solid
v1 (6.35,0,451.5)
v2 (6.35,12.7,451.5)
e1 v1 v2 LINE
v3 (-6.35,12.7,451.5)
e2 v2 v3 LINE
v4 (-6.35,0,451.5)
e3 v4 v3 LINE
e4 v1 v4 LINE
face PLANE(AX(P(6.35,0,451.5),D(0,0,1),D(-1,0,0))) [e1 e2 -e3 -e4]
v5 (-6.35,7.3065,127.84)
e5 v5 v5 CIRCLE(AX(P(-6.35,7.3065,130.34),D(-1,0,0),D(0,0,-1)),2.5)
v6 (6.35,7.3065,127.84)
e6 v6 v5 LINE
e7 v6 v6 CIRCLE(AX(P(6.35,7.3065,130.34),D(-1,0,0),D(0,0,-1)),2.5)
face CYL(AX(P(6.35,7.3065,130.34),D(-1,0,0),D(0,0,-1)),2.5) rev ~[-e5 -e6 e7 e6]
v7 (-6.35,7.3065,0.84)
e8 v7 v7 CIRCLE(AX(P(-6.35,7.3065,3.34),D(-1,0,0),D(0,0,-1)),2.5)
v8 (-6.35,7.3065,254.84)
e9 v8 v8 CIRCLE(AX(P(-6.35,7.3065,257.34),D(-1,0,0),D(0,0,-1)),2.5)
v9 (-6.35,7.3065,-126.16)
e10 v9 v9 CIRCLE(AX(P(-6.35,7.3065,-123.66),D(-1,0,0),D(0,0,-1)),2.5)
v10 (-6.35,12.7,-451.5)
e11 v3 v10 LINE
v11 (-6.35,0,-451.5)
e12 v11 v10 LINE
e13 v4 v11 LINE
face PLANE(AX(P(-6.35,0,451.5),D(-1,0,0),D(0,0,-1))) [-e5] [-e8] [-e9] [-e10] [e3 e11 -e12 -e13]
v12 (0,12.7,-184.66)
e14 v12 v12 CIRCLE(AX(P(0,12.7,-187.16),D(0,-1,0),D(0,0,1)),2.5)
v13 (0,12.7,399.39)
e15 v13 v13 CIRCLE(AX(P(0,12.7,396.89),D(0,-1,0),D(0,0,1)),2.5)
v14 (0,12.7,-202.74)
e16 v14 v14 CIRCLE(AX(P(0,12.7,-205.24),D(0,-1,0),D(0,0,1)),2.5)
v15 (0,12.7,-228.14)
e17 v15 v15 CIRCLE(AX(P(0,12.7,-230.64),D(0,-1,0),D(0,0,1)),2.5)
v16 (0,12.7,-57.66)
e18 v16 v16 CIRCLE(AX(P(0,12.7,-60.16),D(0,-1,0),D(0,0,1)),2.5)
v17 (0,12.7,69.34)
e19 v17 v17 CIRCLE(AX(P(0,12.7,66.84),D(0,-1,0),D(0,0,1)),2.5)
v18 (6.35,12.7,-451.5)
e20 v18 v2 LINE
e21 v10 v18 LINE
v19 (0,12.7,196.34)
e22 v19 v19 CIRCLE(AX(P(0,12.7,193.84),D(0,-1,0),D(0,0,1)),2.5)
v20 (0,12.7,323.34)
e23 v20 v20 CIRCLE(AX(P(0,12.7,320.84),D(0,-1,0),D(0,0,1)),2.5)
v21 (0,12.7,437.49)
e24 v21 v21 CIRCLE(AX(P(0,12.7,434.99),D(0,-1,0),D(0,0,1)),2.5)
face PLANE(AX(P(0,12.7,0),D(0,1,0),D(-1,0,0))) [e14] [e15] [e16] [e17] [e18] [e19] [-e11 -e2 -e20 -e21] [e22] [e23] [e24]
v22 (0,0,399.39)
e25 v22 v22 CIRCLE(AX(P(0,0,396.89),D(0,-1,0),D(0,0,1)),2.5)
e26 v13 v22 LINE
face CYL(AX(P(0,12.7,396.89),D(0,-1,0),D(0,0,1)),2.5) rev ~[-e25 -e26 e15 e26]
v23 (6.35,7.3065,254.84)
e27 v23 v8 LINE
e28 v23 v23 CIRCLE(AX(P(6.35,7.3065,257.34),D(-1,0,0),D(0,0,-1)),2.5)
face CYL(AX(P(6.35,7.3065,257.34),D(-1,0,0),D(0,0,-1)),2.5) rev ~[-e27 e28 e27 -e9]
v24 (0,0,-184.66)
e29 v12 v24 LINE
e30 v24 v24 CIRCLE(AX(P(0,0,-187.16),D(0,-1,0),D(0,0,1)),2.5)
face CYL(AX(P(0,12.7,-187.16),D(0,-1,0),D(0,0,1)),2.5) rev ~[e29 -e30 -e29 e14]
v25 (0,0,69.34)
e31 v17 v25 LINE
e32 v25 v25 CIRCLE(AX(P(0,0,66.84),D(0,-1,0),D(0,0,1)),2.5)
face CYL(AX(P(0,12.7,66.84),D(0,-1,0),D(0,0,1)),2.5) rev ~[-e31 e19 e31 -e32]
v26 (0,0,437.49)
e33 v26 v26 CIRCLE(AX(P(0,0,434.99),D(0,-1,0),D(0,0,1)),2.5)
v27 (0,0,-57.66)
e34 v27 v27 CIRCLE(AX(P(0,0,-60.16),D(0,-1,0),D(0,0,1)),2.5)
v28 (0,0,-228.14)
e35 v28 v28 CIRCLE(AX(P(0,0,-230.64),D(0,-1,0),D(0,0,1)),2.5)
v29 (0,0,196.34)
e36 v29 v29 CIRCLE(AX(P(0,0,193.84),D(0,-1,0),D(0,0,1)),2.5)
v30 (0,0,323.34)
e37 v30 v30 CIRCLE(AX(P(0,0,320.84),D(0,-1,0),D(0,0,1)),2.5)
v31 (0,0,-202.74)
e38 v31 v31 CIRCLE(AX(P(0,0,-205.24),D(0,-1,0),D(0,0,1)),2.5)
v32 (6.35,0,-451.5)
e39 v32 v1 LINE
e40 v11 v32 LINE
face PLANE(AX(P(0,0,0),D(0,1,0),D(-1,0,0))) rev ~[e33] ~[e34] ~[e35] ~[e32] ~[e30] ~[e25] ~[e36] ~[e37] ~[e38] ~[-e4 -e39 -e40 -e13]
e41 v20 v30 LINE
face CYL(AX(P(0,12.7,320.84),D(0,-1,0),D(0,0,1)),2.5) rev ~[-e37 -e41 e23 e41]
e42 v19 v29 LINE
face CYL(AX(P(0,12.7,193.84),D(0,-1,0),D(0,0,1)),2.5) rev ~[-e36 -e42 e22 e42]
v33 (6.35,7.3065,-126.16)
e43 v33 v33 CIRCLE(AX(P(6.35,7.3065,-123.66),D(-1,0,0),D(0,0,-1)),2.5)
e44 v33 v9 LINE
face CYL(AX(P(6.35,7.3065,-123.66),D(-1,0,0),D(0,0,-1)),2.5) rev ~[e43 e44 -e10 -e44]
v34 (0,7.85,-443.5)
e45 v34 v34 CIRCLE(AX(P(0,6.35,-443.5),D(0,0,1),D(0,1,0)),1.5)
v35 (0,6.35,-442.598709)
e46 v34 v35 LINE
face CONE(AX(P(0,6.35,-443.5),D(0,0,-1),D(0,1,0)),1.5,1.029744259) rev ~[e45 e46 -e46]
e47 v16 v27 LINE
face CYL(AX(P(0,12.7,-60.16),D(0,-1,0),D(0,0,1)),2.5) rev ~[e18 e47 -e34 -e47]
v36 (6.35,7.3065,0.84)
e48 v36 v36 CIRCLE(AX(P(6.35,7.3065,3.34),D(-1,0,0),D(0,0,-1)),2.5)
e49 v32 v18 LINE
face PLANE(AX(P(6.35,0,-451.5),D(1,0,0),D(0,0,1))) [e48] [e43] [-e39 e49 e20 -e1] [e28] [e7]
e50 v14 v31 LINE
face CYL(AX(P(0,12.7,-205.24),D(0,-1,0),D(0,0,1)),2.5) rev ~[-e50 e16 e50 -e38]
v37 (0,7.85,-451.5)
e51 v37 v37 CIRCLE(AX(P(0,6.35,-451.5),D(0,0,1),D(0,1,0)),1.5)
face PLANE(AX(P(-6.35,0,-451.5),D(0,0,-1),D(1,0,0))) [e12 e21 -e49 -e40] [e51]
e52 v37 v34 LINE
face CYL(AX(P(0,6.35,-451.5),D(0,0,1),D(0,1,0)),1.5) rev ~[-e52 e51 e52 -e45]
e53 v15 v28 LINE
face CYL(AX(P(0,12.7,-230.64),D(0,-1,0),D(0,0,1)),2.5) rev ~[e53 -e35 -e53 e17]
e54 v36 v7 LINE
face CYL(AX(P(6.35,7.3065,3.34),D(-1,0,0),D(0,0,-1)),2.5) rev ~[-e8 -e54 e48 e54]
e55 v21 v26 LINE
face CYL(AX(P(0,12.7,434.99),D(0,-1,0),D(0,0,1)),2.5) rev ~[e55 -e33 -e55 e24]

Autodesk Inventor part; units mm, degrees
ref_plane "YZ Plane" through (0, 0, 0) normal (1, 0, 0) x (0, 1, 0)
ref_plane "XZ Plane" through (0, 0, 0) normal (0, 1, 0) x (-1, 0, 0)
ref_plane "XY Plane" through (0, 0, 0) normal (0, 0, 1) x (1, 0, 0)
sketch "Sketch1" plane through (0, 0, 0) normal (0, 1, 0) x (-1, 0, 0)
  line L0 (6.35, -451.5) -> (-6.35, -451.5)
  line L1 (-6.35, -451.5) -> (-6.35, 451.5)
  line L2 (-6.35, 451.5) -> (6.35, 451.5)
  line L3 (6.35, 451.5) -> (6.35, -451.5)
  line L4 (6.35, -451.5) -> (-6.35, 451.5) construction
  line L5 (-6.35, -451.5) -> (6.35, 451.5) construction
  point P0 (0, 0)
  dimension "d0" = 12.7
  dimension "d1" = 903
extrude "Extrusion1" add sketch "Sketch1" along normal blind 12.7
sketch "Sketch2" plane through (0, 12.7, 0) normal (0, 1, 0) x (1, 0, 0)
  circle A0 centre (0, -434.99) radius 2.5
  line L0 (-6.35, -451.5) -> (6.35, -451.5) projected
  point P0 (0, 0)
  dimension "d4" = 5
  dimension "d5" = 16.51
sketch "Sketch3" plane through (0, 12.7, 0) normal (0, 1, 0) x (1, 0, 0)
  circle A0 centre (0, -396.89) radius 2.5
  line L0 (-6.35, -451.5) -> (6.35, -451.5) projected
  point P0 (0, 0)
  dimension "d6" = 5
  dimension "d7" = 54.61
sketch "Sketch4" plane through (0, 12.7, 0) normal (0, 1, 0) x (1, 0, 0)
  circle A0 centre (0, -320.84) radius 2.5
  line L0 (-6.35, -451.5) -> (6.35, -451.5) projected
  point P0 (0, 0)
  dimension "d8" = 5
  dimension "d9" = 130.66
sketch "Sketch5" plane through (0, 12.7, 0) normal (0, 1, 0) x (1, 0, 0)
  circle A0 centre (0, -193.84) radius 2.5
  line L0 (-6.35, -451.5) -> (6.35, -451.5) projected
  point P0 (0, 0)
  dimension "d10" = 5
  dimension "d11" = 257.66
sketch "Sketch6" plane through (0, 12.7, 0) normal (0, 1, 0) x (1, 0, 0)
  circle A0 centre (0, -66.84) radius 2.5
  line L0 (-6.35, -451.5) -> (6.35, -451.5) projected
  point P0 (0, 0)
  dimension "d12" = 5
  dimension "d13" = 384.66
sketch "Sketch7" plane through (0, 12.7, 0) normal (0, 1, 0) x (1, 0, 0)
  circle A0 centre (0, 60.16) radius 2.5
  line L0 (-6.35, -451.5) -> (6.35, -451.5) projected
  point P0 (0, 0)
  dimension "d14" = 5
  dimension "d15" = 511.66
sketch "Sketch8" plane through (0, 12.7, 0) normal (0, 1, 0) x (1, 0, 0)
  circle A0 centre (0, 187.16) radius 2.5
  line L0 (-6.35, -451.5) -> (6.35, -451.5) projected
  point P0 (0, 0)
  dimension "d16" = 5
  dimension "d17" = 638.66
sketch "Sketch9" plane through (0, 12.7, 0) normal (0, 1, 0) x (1, 0, 0)
  circle A0 centre (0, 205.24) radius 2.5
  line L0 (-6.35, -451.5) -> (6.35, -451.5) projected
  point P0 (0, 0)
  dimension "d18" = 5
  dimension "d19" = 656.74
sketch "Sketch10" plane through (0, 12.7, 0) normal (0, 1, 0) x (1, 0, 0)
  circle A0 centre (0, 230.64) radius 2.5
  line L0 (-6.35, -451.5) -> (6.35, -451.5) projected
  point P0 (0, 0)
  dimension "d20" = 5
  dimension "d21" = 682.14
hole "Hole1" at (0, 12.7, 434.99) direction (0, -1, 0) diameter 5 end through all
hole "Hole2" at (0, 12.7, 396.89) direction (0, -1, 0) diameter 5 end through all
hole "Hole3" at (0, 12.7, 320.84) direction (0, -1, 0) diameter 5 end through all
hole "Hole4" at (0, 12.7, 193.84) direction (0, -1, 0) diameter 5 end through all
hole "Hole5" at (0, 12.7, 66.84) direction (0, -1, 0) diameter 5 end through all
hole "Hole6" at (0, 12.7, -60.16) direction (0, -1, 0) diameter 5 end through all
hole "Hole7" at (0, 12.7, -187.16) direction (0, -1, 0) diameter 5 end through all
hole "Hole8" at (0, 12.7, -205.24) direction (0, -1, 0) diameter 5 end through all
hole "Hole9" at (0, 12.7, -230.64) direction (0, -1, 0) diameter 5 end through all
sketch "Sketch11" plane through (6.35, 0, -451.5) normal (0, 0, -1) x (-1, 0, 0)
  circle A0 centre (6.35, 6.35) radius 1.5
  line L0 (0, 0) -> (0, 12.7) projected
  point P0 (6.35, 0)
  dimension "d85" = 3
  dimension "d86" = 6.35
  dimension "d87" = 6.35
hole "Hole10" at (0, 6.35, -451.5) direction (0, 0, 1) diameter 3 depth 8 tip angle 118
thread "Thread1" size "M3x0.5" class "6H" standard "ANSI Metric M Profile" full length
sketch "Sketch12" plane through (6.35, 0, 451.5) normal (1, 0, 0) x (0, 0, -1)
  circle A0 centre (194.16, 7.3065) radius 2.5
  line L0 (0, 0) -> (0, 12.7) projected
  point P0 (451.5, 0)
  dimension "d97" = 5
  dimension "d98" = 194.16
sketch "Sketch13" plane through (6.35, 0, 451.5) normal (1, 0, 0) x (0, 0, -1)
  circle A0 centre (321.16, 7.3065) radius 2.5
  line L0 (0, 0) -> (0, 12.7) projected
  point P0 (451.5, 0)
  dimension "d99" = 5
  dimension "d100" = 321.16
sketch "Sketch14" plane through (6.35, 0, 451.5) normal (1, 0, 0) x (0, 0, -1)
  circle A0 centre (448.16, 7.3065) radius 2.5
  line L0 (0, 0) -> (0, 12.7) projected
  point P0 (451.5, 0)
  dimension "d101" = 5
  dimension "d102" = 448.16
sketch "Sketch15" plane through (6.35, 0, 451.5) normal (1, 0, 0) x (0, 0, -1)
  circle A0 centre (575.16, 7.3065) radius 2.5
  line L0 (0, 0) -> (0, 12.7) projected
  point P0 (451.5, 0)
  dimension "d103" = 5
  dimension "d104" = 575.16
hole "Hole11" at (6.35, 7.3065, 257.34) direction (-1, 0, 0) diameter 5 end through all
hole "Hole12" at (6.35, 7.3065, 130.34) direction (-1, 0, 0) diameter 5 end through all
hole "Hole13" at (6.35, 7.3065, 3.34) direction (-1, 0, 0) diameter 5 end through all
hole "Hole14" at (6.35, 7.3065, -123.66) direction (-1, 0, 0) diameter 5 end through all
properties part number "Plate Support"
